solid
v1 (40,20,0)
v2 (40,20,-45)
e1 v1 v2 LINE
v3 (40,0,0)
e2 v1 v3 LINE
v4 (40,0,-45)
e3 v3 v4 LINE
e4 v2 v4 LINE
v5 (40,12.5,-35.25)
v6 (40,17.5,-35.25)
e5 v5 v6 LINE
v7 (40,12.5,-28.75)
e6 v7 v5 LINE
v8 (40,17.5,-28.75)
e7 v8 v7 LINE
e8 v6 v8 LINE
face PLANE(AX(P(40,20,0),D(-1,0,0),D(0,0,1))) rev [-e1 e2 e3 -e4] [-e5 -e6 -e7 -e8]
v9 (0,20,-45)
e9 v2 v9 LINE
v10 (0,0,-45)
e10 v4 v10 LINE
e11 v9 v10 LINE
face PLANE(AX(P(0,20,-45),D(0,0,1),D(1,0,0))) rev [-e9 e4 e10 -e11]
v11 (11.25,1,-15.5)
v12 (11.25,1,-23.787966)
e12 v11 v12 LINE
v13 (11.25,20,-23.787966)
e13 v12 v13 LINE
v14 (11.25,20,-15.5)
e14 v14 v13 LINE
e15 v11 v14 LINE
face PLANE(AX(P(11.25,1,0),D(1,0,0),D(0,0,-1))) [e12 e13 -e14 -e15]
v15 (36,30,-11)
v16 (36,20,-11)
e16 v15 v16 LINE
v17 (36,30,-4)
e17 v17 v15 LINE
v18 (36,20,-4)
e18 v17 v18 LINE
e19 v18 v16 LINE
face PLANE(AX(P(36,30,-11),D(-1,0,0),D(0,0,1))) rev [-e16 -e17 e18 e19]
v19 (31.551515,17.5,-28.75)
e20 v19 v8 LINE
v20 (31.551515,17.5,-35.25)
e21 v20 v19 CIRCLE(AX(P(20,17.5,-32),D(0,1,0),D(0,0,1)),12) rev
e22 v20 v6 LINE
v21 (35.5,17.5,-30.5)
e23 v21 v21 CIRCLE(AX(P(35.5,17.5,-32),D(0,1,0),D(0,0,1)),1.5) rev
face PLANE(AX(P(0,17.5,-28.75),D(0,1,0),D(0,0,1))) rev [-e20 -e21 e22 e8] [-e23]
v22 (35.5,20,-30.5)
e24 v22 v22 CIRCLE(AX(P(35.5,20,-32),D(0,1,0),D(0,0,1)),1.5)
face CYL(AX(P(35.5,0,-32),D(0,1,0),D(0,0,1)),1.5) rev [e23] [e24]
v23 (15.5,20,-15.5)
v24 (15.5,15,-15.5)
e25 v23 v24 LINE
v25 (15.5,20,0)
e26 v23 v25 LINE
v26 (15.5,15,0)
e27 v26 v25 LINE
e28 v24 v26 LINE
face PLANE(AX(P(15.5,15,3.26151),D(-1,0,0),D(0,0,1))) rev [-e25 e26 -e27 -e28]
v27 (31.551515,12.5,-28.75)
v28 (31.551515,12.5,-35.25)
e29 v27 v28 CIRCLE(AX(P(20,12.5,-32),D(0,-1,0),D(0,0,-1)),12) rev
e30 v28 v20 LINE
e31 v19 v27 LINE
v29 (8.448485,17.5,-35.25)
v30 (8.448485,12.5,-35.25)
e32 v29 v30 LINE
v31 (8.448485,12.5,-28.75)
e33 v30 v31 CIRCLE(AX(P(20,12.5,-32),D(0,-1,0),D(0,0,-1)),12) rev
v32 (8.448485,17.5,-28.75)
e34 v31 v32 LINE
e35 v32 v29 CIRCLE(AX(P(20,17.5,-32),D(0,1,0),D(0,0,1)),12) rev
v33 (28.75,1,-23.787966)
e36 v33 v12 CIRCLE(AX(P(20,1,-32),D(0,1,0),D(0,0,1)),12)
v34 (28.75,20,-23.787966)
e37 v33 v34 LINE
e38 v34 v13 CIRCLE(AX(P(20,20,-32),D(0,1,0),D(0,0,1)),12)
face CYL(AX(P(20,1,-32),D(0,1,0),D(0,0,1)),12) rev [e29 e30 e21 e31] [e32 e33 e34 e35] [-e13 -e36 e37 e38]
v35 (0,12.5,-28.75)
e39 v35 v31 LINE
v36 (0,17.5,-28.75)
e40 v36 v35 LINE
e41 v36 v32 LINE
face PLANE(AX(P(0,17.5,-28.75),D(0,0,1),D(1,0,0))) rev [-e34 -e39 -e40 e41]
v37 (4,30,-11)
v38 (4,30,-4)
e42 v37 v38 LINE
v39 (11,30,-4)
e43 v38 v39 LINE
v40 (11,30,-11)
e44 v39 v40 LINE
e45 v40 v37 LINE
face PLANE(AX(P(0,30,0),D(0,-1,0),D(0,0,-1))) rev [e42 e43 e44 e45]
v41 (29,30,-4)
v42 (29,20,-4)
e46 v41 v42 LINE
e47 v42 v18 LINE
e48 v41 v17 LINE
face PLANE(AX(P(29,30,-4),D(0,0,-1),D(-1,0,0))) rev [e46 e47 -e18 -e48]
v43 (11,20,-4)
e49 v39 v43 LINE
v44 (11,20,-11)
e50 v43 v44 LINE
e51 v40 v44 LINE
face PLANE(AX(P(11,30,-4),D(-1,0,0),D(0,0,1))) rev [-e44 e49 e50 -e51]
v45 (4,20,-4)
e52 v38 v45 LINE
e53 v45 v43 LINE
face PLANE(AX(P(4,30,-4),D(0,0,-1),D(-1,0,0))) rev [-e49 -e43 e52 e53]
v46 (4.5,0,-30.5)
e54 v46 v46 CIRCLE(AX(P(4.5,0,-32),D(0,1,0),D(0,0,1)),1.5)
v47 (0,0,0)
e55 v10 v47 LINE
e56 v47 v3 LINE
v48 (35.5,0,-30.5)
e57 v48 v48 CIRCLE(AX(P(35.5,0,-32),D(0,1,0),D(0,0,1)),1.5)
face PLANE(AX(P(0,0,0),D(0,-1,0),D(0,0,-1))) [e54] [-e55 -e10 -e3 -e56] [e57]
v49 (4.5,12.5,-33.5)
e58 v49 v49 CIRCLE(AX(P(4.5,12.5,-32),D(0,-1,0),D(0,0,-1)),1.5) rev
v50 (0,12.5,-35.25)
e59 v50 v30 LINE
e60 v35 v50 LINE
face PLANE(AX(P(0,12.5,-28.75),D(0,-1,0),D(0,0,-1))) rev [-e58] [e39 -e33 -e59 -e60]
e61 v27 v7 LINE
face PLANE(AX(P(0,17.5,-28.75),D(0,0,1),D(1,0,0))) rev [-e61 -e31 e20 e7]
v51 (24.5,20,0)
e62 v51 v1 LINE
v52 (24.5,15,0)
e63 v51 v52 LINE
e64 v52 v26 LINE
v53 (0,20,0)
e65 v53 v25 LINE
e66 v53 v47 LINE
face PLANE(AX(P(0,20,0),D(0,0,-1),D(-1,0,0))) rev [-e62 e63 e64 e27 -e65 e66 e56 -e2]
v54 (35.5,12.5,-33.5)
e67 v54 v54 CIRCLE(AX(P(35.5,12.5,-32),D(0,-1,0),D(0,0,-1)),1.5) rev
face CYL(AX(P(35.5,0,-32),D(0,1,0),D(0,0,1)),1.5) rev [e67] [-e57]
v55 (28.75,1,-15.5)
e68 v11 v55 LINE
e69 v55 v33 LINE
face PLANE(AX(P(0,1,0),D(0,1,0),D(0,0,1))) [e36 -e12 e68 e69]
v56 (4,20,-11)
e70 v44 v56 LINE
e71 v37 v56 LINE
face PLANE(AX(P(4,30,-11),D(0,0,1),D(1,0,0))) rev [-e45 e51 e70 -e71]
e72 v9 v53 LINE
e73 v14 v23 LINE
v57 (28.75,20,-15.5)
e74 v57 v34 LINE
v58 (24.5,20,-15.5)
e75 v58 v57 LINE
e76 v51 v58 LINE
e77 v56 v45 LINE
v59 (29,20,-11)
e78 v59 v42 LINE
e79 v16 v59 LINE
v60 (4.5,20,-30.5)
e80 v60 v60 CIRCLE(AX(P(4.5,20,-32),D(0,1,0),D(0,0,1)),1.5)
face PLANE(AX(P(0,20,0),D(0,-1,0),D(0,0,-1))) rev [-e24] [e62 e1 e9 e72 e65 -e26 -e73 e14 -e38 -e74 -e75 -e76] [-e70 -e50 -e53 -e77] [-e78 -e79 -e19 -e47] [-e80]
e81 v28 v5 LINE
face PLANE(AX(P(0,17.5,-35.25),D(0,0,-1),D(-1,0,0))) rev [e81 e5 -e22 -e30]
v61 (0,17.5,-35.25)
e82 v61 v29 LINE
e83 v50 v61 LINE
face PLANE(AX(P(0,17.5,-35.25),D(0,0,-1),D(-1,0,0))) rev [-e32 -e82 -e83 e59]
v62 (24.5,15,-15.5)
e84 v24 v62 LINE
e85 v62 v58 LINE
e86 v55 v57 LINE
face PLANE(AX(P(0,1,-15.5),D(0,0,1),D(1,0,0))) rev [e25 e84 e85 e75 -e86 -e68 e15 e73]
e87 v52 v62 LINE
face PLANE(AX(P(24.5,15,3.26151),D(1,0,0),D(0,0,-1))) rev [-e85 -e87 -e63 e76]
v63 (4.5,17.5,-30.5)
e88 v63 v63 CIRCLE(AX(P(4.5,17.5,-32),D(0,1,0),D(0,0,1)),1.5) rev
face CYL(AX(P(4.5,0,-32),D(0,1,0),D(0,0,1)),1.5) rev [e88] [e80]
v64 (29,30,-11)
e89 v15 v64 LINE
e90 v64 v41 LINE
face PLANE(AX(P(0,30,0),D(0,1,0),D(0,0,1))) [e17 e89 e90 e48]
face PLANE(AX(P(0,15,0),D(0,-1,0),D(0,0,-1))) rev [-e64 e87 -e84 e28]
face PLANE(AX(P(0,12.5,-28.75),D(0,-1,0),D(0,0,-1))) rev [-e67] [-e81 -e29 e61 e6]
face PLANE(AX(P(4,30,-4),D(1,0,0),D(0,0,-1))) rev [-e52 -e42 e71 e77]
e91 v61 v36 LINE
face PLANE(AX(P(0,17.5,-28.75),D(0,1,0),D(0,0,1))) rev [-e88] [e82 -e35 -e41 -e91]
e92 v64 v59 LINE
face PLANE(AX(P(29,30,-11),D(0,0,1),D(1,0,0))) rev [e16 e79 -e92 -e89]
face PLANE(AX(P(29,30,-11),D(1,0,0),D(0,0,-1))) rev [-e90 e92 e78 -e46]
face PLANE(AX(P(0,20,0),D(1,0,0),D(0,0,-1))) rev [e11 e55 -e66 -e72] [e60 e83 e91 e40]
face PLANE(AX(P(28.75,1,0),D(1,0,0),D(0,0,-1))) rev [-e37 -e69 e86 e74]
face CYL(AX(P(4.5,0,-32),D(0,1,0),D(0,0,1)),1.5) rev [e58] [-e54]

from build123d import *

# Parameters (mm, degrees)
ESBO_O2_W                = 40
ESBO_O2_H                = 45
CORPO_DEPTH              = 20
ESBO_O3_R                = 12
ESBO_O3_W                = 17.5
ESBO_O3_H                = 9
ENCAIXE_DO_MOTOR_DEPTH   = 19
ESBO_O5_R                = 1.5
CORTE_EXTRUS_O2_DEPTH    = 64.442887702
ESBO_O6_W                = 6.5
ESBO_O6_H                = 5
CORTE_EXTRUS_O3_DEPTH    = 64.442887702
ESBO_O7_W                = 9
ESBO_O7_H                = 21.613382206
CORTE_EXTRUS_O4_DEPTH    = 5
ESBO_O8_W                = 7
ESBO_O8_H                = 7
RESSALTO_EXTRUS_O2_DEPTH = 10


with BuildPart() as part:
    # Esboço2 → Corpo (new body)
    with BuildSketch(Plane(origin=(0, 0, 0), x_dir=(1, 0, 0), z_dir=(0, 1, 0))):
        with Locations((20, 22.5)):
            Rectangle(ESBO_O2_W, ESBO_O2_H)
    extrude(amount=CORPO_DEPTH)

    # Esboço3 → Encaixe do Motor (cut)
    with BuildSketch(Plane(origin=(0, 20, 0), x_dir=(1, 0, 0), z_dir=(0, 1, 0))):
        with Locations((20, 32)):
            Circle(ESBO_O3_R)
        with Locations((20, 20)):
            Rectangle(ESBO_O3_W, ESBO_O3_H)
    extrude(amount=-ENCAIXE_DO_MOTOR_DEPTH, mode=Mode.SUBTRACT)

    # Esboço5 → Corte-extrusão2 (cut, through all)
    with BuildSketch(Plane(origin=(0, 20, 0), x_dir=(1, 0, 0), z_dir=(0, 1, 0))):
        with Locations(Location((4.5, 32, 0), (0, 0, 270))):
            Circle(ESBO_O5_R)
        with Locations(Location((35.5, 32, 0), (0, 0, 270))):
            Circle(ESBO_O5_R)
    extrude(amount=-CORTE_EXTRUS_O2_DEPTH, mode=Mode.SUBTRACT)

    # Esboço6 → Corte-extrusão3 (cut, through all)
    with BuildSketch(Plane(origin=(40, 0, 0), x_dir=(0, 0, -1), z_dir=(1, 0, 0))):
        with Locations((32, 15)):
            Rectangle(ESBO_O6_W, ESBO_O6_H)
    extrude(amount=-CORTE_EXTRUS_O3_DEPTH, mode=Mode.SUBTRACT)

    # Esboço7 → Corte-extrusão4 (cut)
    with BuildSketch(Plane(origin=(0, 20, 0), x_dir=(1, 0, 0), z_dir=(0, 1, 0))):
        with Locations((20, 7.545181244)):
            Rectangle(ESBO_O7_W, ESBO_O7_H)
    extrude(amount=-CORTE_EXTRUS_O4_DEPTH, mode=Mode.SUBTRACT)

    # Esboço8 → Ressalto-extrusão2 (add)
    with BuildSketch(Plane(origin=(0, 20, 0), x_dir=(1, 0, 0), z_dir=(0, 1, 0))):
        with Locations((32.5, 7.5)):
            Rectangle(ESBO_O8_W, ESBO_O8_H)
        with Locations((7.5, 7.5)):
            Rectangle(ESBO_O8_W, ESBO_O8_H)
    extrude(amount=RESSALTO_EXTRUS_O2_DEPTH)


solid = part.part
